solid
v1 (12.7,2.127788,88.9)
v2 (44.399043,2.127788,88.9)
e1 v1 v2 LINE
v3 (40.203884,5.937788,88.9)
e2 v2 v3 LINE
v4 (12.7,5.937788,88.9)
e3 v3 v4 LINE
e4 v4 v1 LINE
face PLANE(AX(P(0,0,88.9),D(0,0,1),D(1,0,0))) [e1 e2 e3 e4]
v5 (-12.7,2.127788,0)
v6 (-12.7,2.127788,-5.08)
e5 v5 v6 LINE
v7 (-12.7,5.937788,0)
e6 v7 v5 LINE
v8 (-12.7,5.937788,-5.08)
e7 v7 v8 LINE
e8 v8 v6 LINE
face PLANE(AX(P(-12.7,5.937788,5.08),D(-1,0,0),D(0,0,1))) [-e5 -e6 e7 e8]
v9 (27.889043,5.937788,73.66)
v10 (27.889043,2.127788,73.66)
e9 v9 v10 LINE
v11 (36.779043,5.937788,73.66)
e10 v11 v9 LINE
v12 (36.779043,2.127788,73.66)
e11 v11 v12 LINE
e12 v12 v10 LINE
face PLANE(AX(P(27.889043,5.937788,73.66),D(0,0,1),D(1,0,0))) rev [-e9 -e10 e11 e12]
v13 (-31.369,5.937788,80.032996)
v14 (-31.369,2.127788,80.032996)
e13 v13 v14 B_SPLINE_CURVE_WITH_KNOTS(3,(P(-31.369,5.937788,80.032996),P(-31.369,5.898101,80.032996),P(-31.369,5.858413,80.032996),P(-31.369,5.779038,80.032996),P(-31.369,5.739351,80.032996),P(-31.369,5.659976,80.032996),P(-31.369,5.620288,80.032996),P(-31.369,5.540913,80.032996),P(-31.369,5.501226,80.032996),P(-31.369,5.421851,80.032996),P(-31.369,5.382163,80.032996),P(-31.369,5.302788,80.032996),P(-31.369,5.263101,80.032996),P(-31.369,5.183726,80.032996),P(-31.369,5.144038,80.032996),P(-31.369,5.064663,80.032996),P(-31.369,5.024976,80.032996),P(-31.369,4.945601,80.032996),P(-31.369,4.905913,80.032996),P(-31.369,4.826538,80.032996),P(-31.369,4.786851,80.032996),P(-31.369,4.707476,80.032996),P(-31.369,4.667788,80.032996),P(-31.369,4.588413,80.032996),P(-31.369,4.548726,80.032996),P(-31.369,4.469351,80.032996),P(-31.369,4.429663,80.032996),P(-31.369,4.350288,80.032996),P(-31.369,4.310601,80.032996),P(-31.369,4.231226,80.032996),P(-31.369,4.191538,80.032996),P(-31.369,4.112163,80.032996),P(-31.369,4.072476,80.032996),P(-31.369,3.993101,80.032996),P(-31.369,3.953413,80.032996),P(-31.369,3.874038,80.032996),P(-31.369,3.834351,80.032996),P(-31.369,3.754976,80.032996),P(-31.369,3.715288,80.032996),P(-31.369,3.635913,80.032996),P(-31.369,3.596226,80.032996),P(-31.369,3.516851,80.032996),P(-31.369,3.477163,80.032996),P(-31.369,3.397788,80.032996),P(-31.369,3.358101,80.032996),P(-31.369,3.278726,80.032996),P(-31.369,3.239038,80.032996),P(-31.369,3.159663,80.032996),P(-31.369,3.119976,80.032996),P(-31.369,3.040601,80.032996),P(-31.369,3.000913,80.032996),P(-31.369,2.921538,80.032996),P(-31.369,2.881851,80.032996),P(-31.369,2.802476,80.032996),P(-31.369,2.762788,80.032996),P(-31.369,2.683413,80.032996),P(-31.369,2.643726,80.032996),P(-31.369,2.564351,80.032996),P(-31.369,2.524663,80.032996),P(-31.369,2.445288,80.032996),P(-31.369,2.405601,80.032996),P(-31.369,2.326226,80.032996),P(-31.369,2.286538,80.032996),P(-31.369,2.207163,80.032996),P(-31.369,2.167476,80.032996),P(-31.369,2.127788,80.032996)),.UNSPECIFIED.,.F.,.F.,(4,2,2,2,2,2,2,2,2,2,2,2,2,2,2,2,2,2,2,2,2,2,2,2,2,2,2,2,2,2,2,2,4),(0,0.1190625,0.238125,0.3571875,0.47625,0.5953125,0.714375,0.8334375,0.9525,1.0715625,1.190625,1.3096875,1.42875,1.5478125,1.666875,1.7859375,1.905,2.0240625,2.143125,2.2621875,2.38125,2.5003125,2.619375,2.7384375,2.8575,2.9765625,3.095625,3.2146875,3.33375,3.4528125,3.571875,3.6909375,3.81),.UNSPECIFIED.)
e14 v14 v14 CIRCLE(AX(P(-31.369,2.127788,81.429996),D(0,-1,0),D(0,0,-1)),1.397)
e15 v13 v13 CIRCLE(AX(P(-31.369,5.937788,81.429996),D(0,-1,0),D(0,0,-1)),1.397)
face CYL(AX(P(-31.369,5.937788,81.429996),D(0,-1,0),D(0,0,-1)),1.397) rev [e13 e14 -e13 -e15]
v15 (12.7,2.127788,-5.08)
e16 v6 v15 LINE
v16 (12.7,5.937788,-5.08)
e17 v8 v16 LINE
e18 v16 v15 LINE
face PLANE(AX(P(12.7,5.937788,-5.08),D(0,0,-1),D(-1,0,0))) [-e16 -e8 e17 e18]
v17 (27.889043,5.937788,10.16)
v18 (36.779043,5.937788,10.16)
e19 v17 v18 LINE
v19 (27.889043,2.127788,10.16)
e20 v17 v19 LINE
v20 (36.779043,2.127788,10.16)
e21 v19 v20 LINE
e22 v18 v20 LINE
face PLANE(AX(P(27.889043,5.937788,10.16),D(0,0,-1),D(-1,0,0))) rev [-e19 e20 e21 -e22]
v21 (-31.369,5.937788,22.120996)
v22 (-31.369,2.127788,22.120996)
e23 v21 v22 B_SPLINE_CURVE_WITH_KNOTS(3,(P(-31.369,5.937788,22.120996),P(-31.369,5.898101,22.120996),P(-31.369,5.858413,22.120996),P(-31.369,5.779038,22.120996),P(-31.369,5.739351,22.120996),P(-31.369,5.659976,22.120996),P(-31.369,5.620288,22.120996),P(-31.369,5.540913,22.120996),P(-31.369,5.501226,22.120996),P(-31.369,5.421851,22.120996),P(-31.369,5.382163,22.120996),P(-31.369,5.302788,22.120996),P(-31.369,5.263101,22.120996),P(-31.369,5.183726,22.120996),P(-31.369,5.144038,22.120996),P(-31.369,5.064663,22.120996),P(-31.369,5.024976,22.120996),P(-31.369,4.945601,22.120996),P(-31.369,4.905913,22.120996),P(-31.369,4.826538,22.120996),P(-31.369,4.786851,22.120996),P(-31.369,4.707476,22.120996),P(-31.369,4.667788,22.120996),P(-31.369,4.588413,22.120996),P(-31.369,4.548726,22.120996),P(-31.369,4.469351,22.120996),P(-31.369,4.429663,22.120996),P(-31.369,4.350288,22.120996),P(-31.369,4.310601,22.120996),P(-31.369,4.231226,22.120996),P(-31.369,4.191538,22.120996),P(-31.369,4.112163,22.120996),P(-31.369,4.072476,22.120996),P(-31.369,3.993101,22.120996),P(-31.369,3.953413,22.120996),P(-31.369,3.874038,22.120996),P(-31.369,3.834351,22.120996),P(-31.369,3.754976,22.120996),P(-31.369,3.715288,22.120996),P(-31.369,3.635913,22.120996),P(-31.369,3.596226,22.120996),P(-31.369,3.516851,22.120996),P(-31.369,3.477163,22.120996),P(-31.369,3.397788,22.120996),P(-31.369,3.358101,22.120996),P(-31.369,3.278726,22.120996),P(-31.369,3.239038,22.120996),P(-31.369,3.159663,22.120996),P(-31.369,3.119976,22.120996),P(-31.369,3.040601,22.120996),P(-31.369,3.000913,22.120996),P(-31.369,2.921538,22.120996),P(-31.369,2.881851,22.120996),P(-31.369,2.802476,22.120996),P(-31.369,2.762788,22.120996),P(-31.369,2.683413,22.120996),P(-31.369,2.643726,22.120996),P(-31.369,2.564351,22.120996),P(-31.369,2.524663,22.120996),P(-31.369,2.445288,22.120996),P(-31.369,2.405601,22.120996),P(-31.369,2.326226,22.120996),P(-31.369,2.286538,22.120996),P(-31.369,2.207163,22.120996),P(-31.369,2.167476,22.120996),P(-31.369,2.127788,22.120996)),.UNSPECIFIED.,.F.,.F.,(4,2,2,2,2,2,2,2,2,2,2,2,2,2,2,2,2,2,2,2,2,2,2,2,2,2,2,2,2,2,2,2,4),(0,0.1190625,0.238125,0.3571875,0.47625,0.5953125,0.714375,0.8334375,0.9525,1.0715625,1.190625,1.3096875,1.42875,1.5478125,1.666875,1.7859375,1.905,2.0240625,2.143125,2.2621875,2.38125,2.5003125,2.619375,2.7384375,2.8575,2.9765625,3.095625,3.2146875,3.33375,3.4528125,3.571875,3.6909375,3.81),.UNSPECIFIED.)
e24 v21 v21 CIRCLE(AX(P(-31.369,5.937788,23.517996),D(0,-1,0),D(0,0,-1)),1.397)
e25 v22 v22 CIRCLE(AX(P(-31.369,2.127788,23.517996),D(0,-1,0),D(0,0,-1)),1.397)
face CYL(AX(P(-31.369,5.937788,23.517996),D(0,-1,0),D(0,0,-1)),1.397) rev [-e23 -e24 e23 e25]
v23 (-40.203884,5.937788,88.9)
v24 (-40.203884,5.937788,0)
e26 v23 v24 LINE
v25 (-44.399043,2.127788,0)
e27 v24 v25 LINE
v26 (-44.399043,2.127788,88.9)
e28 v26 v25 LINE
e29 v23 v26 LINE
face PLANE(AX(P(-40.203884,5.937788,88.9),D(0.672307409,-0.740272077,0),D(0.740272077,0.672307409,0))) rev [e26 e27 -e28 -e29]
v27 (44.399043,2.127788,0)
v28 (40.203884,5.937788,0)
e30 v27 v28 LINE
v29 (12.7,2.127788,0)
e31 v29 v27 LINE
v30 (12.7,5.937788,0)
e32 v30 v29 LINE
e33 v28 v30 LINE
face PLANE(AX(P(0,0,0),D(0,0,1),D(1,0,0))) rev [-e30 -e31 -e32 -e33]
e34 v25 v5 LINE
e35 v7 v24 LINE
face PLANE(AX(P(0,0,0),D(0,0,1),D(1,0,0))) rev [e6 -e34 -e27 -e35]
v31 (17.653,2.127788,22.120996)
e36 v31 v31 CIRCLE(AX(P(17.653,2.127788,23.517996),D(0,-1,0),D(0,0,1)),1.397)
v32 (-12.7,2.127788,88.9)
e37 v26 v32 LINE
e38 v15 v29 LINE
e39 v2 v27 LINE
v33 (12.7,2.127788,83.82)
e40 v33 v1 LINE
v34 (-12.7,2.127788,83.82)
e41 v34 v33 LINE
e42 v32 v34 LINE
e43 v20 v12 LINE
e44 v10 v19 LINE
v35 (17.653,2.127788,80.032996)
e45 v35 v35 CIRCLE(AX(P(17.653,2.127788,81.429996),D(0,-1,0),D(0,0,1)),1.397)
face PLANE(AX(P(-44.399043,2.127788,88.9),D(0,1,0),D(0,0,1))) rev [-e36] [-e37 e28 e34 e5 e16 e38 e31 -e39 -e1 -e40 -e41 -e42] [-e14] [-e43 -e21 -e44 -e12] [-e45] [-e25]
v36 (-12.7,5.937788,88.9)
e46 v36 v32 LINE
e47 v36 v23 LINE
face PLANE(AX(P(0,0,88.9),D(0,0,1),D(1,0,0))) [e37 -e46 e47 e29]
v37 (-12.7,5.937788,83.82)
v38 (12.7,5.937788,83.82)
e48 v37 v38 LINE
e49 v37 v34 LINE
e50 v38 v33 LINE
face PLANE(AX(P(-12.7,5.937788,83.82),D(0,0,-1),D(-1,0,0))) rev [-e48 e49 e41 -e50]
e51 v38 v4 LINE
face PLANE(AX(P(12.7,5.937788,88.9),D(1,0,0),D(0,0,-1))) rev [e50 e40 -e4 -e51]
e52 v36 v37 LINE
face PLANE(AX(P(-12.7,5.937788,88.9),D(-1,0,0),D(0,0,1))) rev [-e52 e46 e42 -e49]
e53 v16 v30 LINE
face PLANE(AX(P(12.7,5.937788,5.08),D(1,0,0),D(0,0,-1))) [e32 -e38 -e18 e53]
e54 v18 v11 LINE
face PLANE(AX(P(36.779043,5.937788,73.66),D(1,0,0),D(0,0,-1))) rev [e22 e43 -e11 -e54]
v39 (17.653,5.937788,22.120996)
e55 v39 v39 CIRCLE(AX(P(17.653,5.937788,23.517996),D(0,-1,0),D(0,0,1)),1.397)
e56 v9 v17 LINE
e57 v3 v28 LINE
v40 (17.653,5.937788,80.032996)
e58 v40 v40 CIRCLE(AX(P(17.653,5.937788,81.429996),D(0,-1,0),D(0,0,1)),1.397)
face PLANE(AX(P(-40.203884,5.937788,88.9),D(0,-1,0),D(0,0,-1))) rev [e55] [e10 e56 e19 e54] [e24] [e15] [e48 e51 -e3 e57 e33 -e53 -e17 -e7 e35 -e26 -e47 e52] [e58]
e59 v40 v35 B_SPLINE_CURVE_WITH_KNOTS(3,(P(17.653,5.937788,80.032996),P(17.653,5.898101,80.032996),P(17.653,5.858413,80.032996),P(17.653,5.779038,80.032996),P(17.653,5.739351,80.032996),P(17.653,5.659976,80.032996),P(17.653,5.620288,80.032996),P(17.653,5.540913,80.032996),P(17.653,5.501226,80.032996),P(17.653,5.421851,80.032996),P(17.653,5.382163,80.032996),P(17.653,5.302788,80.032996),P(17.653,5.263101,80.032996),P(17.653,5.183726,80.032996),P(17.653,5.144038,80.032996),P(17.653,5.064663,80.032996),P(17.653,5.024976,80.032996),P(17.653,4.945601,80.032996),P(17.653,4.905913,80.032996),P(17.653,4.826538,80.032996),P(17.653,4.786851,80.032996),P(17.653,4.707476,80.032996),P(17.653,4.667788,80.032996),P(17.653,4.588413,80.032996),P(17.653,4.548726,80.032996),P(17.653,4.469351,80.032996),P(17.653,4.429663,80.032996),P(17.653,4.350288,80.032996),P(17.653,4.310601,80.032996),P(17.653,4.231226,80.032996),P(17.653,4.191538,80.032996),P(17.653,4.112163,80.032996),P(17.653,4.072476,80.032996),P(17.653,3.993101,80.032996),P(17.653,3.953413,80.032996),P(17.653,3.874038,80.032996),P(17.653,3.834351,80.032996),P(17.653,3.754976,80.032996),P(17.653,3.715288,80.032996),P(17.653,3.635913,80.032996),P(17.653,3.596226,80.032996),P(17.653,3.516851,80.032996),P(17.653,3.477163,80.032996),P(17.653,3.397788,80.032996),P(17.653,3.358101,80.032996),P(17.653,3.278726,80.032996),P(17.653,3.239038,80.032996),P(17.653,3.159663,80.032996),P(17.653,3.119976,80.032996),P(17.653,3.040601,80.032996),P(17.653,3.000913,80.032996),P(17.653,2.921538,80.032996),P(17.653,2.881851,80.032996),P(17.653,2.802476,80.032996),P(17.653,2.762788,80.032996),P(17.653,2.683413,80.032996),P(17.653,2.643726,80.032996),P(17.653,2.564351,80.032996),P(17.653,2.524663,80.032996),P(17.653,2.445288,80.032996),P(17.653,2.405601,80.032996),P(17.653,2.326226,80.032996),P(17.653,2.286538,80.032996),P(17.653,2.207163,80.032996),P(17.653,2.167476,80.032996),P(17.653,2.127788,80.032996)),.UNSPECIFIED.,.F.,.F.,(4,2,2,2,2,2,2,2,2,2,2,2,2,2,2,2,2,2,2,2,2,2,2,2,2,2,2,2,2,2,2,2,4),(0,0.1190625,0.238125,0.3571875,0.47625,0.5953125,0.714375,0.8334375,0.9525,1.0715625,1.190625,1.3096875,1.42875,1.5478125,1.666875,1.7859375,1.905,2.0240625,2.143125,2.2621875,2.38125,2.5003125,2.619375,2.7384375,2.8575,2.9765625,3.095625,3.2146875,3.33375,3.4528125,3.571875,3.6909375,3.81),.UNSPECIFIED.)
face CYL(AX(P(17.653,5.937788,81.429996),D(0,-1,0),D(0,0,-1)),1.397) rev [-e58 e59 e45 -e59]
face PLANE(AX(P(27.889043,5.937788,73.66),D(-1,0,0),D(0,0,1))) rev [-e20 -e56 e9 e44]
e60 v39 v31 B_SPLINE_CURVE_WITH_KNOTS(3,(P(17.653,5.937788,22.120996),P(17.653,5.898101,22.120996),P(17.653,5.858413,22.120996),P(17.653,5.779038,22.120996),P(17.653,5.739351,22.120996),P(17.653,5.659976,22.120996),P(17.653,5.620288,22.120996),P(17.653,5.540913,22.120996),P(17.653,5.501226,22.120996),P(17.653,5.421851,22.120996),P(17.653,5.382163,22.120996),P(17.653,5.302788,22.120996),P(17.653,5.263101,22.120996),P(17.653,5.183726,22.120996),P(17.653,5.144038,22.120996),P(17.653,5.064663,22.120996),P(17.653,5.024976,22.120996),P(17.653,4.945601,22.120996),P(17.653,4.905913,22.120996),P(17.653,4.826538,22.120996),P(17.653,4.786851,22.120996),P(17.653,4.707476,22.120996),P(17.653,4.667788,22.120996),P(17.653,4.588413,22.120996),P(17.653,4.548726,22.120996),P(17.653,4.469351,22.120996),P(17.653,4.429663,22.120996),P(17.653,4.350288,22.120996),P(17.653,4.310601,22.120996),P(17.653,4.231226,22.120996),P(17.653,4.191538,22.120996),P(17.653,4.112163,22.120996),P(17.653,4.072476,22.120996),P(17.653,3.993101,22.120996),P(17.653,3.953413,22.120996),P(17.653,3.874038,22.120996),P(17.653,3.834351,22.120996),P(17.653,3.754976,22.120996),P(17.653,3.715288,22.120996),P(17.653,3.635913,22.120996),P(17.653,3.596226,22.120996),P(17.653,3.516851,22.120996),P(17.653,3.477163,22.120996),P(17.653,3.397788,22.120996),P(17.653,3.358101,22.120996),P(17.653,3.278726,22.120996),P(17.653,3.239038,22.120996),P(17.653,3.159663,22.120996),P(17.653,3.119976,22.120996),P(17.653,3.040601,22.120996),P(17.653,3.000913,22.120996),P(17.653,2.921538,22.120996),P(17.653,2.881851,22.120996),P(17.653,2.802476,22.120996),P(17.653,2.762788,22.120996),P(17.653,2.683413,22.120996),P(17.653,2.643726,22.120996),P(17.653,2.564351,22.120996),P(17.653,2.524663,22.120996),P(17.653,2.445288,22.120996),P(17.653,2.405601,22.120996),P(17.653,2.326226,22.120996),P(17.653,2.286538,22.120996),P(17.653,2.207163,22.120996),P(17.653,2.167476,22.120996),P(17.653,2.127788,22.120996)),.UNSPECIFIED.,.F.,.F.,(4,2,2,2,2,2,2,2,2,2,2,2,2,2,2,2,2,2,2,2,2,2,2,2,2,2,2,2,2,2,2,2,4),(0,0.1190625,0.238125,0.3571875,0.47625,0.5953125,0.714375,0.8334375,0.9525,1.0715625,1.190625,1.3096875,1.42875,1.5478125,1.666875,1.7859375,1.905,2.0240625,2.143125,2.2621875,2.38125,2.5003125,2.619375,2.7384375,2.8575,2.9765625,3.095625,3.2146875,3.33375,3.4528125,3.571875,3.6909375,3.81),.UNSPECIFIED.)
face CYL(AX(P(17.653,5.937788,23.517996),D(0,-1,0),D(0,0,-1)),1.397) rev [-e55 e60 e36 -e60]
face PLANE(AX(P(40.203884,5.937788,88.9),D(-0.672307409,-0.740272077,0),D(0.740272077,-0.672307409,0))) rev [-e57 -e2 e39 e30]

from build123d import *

# Parameters (mm, degrees)
BOSS_EXTRUDE1_DEPTH = 88.9
SKETCH2_R           = 1.397
CUT_EXTRUDE1_DEPTH  = 100.443456884
SKETCH3_W           = 25.4
SKETCH3_H           = 5.08
CUT_EXTRUDE2_DEPTH  = 100.443456884
SKETCH5_W           = 25.4
SKETCH5_H           = 10.16
BOSS_EXTRUDE3_DEPTH = 3.81
SKETCH6_W           = 8.89
SKETCH6_H           = 63.5
CUT_EXTRUDE3_DEPTH  = 100.443456884


with BuildPart() as part:
    # Sketch1 → Boss-Extrude1 (new body)
    with BuildSketch(Plane.XY):
        Polygon((-40.203883769, 5.937788296), (40.203883769, 5.937788296), (44.399042974, 2.127788296), (-44.399042974, 2.127788296), align=None)
    extrude(amount=BOSS_EXTRUDE1_DEPTH)

    # Sketch2 → Cut-Extrude1 (cut, through all)
    with BuildSketch(Plane.XZ.offset(-2.127788296)):
        with Locations(Location((-31.369, 81.429995649, 0), (0, 0, 270))):
            Circle(SKETCH2_R)
        with Locations(Location((17.653, 23.517995649, 0), (0, 0, 270))):
            Circle(SKETCH2_R)
        with Locations(Location((-31.369, 23.517995649, 0), (0, 0, 270))):
            Circle(SKETCH2_R)
        with Locations(Location((17.653, 81.429995649, 0), (0, 0, 270))):
            Circle(SKETCH2_R)
    extrude(amount=-CUT_EXTRUDE1_DEPTH, mode=Mode.SUBTRACT)

    # Sketch3 → Cut-Extrude2 (cut, through all)
    with BuildSketch(Plane.XZ.offset(-2.127788296)):
        with Locations((0, 86.36)):
            Rectangle(SKETCH3_W, SKETCH3_H)
        with Locations((0, 2.54)):
            Rectangle(SKETCH3_W, SKETCH3_H)
    extrude(amount=-CUT_EXTRUDE2_DEPTH, mode=Mode.SUBTRACT)

    # Sketch5 → Boss-Extrude3 (add)
    with BuildSketch(Plane.XZ.offset(-2.127788296)):
        Rectangle(SKETCH5_W, SKETCH5_H)
    extrude(amount=-BOSS_EXTRUDE3_DEPTH)

    # Sketch6 → Cut-Extrude3 (cut, through all)
    with BuildSketch(Plane.XZ.offset(-2.127788296)):
        with Locations((32.334042974, 41.91)):
            Rectangle(SKETCH6_W, SKETCH6_H)
    extrude(amount=-CUT_EXTRUDE3_DEPTH, mode=Mode.SUBTRACT)


solid = part.part
